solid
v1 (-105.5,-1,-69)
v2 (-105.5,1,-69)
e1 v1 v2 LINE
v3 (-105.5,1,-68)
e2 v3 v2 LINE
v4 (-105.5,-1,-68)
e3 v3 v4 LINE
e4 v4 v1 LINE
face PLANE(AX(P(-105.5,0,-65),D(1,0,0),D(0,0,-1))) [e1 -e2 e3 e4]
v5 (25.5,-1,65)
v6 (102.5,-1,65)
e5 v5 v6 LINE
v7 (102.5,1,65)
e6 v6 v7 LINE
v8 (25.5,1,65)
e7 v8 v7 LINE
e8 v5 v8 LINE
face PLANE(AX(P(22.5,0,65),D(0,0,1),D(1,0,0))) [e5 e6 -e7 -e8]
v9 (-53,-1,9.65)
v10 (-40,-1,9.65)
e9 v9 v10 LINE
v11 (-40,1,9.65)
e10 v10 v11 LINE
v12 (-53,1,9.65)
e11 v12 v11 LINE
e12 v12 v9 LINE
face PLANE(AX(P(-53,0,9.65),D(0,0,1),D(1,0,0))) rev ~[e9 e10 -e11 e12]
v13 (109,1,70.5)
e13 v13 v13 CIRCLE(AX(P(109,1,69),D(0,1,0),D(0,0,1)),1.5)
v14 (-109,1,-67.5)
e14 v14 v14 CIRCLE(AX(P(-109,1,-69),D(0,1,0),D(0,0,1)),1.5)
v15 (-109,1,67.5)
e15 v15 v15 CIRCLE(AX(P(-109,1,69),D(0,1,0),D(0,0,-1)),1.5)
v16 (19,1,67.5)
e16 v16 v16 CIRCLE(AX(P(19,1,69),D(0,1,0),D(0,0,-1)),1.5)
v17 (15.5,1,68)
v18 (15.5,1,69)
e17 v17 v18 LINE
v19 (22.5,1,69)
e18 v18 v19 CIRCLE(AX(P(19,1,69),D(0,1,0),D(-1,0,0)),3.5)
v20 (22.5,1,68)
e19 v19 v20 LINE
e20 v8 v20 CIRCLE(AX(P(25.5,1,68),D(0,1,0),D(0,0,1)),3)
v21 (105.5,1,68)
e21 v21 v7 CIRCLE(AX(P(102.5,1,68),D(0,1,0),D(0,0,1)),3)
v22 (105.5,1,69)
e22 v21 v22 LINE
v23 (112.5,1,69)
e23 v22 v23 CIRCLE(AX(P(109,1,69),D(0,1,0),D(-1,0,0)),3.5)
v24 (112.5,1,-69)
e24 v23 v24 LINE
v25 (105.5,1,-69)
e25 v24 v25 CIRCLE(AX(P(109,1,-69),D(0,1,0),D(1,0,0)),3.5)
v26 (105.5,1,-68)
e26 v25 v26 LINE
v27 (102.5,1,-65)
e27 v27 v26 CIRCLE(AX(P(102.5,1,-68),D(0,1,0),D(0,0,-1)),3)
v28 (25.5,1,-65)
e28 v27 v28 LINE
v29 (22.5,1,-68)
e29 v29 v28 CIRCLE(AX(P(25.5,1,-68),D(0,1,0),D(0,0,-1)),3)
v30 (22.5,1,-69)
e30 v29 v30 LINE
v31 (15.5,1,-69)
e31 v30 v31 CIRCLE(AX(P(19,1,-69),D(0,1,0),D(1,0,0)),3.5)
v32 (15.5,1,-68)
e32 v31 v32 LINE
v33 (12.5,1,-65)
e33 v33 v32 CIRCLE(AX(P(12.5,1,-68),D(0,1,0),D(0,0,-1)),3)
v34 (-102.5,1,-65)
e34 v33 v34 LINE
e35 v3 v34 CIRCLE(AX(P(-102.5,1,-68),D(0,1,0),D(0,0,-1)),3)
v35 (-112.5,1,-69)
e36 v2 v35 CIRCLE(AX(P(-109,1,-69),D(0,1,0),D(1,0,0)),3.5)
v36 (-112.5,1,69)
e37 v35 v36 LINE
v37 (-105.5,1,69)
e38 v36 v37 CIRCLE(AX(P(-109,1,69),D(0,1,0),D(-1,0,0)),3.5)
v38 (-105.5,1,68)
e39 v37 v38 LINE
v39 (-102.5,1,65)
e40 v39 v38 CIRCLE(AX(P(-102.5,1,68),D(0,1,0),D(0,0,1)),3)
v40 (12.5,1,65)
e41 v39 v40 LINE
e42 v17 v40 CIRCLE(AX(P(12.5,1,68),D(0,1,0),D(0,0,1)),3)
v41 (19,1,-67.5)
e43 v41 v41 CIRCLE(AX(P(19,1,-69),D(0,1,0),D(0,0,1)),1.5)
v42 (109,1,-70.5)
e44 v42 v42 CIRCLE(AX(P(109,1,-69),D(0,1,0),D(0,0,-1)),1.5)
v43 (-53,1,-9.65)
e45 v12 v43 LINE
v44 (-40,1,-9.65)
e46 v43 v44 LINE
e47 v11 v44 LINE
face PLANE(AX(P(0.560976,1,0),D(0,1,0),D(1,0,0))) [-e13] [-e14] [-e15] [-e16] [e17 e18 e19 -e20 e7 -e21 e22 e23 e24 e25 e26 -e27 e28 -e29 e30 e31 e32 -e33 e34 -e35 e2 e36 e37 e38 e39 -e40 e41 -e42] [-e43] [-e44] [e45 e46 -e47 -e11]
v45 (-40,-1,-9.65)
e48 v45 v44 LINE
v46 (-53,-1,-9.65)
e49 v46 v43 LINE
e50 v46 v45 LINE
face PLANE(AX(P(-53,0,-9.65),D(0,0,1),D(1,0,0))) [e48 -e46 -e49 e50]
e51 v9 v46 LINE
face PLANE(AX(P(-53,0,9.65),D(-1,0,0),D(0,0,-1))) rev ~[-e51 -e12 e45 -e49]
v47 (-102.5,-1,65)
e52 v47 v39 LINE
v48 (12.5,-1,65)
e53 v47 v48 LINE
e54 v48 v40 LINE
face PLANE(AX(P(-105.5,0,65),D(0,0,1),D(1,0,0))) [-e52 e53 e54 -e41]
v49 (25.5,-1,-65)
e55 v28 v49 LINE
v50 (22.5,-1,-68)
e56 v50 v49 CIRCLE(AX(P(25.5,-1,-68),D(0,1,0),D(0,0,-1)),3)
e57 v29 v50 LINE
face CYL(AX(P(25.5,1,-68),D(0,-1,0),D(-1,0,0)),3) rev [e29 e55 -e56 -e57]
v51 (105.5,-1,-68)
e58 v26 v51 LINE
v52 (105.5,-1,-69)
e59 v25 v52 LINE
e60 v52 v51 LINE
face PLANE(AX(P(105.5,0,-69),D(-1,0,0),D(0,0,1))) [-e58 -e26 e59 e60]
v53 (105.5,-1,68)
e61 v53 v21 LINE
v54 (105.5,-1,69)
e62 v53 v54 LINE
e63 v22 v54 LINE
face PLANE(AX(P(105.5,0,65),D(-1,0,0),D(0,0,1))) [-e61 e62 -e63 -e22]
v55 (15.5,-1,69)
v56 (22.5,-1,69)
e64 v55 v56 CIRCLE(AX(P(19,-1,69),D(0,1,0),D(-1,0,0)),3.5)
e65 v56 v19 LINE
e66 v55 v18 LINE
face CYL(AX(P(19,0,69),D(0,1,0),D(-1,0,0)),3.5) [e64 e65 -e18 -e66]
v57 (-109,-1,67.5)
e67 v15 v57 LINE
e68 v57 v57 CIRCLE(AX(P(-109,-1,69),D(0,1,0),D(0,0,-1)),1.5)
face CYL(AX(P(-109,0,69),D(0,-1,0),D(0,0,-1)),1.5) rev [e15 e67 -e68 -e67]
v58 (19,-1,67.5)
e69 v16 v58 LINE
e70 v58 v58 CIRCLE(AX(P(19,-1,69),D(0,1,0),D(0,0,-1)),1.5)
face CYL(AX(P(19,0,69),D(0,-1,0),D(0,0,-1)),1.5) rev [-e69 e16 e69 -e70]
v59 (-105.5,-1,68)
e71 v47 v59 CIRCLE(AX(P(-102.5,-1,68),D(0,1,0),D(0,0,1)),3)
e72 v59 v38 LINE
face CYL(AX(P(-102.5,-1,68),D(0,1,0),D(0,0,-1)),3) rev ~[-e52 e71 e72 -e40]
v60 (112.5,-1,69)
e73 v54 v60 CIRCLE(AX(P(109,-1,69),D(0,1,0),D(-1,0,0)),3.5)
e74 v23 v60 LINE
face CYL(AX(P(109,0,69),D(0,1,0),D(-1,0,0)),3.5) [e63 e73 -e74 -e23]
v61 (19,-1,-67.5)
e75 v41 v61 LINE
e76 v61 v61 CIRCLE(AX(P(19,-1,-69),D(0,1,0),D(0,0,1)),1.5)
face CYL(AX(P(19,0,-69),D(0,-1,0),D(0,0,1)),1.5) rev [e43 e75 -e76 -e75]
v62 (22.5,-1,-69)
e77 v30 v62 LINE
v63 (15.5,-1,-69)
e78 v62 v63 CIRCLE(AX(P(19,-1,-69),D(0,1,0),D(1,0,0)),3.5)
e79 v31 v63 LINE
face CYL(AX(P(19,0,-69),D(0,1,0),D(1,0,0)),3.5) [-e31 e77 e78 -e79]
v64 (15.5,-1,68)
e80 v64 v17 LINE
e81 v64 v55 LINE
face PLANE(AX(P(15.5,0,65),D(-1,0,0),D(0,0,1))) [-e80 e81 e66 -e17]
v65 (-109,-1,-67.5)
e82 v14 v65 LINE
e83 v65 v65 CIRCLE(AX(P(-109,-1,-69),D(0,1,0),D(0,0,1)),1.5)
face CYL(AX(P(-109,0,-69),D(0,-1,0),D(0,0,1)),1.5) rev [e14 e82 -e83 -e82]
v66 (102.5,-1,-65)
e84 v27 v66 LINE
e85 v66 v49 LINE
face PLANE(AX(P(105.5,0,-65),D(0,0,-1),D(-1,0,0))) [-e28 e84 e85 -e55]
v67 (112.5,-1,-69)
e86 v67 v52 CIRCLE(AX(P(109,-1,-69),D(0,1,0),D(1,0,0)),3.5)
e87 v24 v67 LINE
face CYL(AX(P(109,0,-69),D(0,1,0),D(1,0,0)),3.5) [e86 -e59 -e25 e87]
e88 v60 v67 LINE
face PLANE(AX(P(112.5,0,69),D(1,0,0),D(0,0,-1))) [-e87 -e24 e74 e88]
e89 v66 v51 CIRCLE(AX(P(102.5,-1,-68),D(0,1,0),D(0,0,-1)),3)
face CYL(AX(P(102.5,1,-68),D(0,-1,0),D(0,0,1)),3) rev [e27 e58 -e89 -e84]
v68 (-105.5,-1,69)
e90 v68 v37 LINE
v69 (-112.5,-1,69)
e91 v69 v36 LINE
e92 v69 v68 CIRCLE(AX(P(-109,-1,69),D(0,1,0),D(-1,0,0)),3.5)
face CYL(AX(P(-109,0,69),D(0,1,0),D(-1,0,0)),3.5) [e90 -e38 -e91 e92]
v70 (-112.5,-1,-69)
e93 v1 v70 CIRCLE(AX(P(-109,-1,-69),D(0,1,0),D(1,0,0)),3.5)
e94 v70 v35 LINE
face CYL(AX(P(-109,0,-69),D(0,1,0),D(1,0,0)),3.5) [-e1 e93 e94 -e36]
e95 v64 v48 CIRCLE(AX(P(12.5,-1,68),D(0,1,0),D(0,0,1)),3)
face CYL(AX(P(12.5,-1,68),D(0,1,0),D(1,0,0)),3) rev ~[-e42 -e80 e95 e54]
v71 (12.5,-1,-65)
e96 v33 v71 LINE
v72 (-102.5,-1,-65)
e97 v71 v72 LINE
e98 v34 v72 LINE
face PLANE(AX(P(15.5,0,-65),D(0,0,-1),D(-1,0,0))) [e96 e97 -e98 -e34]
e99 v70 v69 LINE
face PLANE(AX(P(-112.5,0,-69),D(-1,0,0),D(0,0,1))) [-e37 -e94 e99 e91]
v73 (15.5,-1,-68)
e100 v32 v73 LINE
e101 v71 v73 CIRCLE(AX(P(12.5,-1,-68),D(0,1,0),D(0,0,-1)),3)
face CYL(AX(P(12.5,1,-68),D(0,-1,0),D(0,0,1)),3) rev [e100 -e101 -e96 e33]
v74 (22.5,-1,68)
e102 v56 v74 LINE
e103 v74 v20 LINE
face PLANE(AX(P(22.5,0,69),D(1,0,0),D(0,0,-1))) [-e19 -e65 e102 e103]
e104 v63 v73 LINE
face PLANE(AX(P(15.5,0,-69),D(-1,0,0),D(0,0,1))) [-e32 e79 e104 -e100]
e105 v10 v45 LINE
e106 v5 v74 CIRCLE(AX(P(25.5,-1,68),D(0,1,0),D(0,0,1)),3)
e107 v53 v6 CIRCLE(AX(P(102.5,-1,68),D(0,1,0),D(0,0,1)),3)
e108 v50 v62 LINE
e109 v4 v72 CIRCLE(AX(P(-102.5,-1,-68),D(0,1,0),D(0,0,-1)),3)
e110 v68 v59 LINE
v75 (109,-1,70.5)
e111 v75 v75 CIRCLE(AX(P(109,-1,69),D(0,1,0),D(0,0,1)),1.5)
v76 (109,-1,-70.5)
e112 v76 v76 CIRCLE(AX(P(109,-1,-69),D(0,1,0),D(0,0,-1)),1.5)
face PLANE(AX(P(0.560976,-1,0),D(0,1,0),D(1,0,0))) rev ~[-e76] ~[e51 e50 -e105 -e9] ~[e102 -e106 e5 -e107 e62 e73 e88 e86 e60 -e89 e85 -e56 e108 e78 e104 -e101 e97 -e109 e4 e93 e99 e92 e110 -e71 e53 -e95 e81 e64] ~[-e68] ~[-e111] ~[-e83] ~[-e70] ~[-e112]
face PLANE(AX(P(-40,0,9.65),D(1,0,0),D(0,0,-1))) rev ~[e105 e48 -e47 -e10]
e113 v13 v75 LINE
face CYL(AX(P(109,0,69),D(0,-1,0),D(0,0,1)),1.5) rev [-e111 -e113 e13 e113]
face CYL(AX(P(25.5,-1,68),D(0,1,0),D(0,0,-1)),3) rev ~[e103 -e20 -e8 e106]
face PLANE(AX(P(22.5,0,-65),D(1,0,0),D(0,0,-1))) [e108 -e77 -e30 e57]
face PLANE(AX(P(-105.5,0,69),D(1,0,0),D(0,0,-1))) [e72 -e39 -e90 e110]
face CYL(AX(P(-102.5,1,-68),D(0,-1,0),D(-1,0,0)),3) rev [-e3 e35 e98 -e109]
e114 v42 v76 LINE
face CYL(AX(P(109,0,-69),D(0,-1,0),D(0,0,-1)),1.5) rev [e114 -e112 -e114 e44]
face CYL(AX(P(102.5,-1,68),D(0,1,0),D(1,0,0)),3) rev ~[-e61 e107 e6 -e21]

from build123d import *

# Parameters (mm, degrees)
SKETCH1_R           = 1.5
SKETCH1_W           = 13
SKETCH1_H           = 19.3
BOSS_EXTRUDE1_DEPTH = 1
FILLET1_R           = 3


with BuildPart() as part:
    # Sketch1 → Boss-Extrude1 (new, symmetric)
    with BuildSketch(Plane(origin=(0, 0, 0), x_dir=(1, 0, 0), z_dir=(0, 1, 0))):
        with BuildLine():
            Line((-105.5, 65), (-105.5, 69))
            ThreePointArc((-105.5, 69), (-109, 72.5), (-112.5, 69))
            Line((-112.5, 69), (-112.5, 65))
            Line((-112.5, 65), (-112.5, -65))
            Line((-112.5, -65), (-112.5, -69))
            ThreePointArc((-112.5, -69), (-109, -72.5), (-105.5, -69))
            Line((-105.5, -69), (-105.5, -65))
            Line((-105.5, -65), (15.5, -65))
            Line((15.5, -65), (15.5, -69))
            ThreePointArc((15.5, -69), (19, -72.5), (22.5, -69))
            Line((22.5, -69), (22.5, -65))
            Line((22.5, -65), (105.5, -65))
            Line((105.5, -65), (105.5, -69))
            ThreePointArc((105.5, -69), (109, -72.5), (112.5, -69))
            Line((112.5, -69), (112.5, -65))
            Line((112.5, -65), (112.5, 65))
            Line((112.5, 65), (112.5, 69))
            ThreePointArc((112.5, 69), (109, 72.5), (105.5, 69))
            Line((105.5, 69), (105.5, 65))
            Line((105.5, 65), (22.5, 65))
            Line((22.5, 65), (22.5, 69))
            ThreePointArc((22.5, 69), (19, 72.5), (15.5, 69))
            Line((15.5, 69), (15.5, 65))
            Line((15.5, 65), (-105.5, 65))
        make_face()
        with Locations(Location((-109, 69, 0), (0, 0, 270))):
            Circle(SKETCH1_R, mode=Mode.SUBTRACT)
        with Locations(Location((109, 69, 0), (0, 0, 90))):
            Circle(SKETCH1_R, mode=Mode.SUBTRACT)
        with Locations(Location((19, 69, 0), (0, 0, 270))):
            Circle(SKETCH1_R, mode=Mode.SUBTRACT)
        with Locations(Location((19, -69, 0), (0, 0, 90))):
            Circle(SKETCH1_R, mode=Mode.SUBTRACT)
        with Locations(Location((109, -69, 0), (0, 0, 270))):
            Circle(SKETCH1_R, mode=Mode.SUBTRACT)
        with Locations(Location((-109, -69, 0), (0, 0, 90))):
            Circle(SKETCH1_R, mode=Mode.SUBTRACT)
        with Locations((-46.5, 0)):
            Rectangle(SKETCH1_W, SKETCH1_H, mode=Mode.SUBTRACT)
    extrude(amount=BOSS_EXTRUDE1_DEPTH, both=True)

    # Fillet1
    fillet1_edges = [part.edges().sort_by_distance(p)[0] for p in [
        (-105.5, 0, -65),
        (15.5, 0, -65),
        (22.5, 0, -65),
        (105.5, 0, -65),
        (105.5, 0, 65),
        (22.5, 0, 65),
        (15.5, 0, 65),
        (-105.5, 0, 65),
    ]]
    fillet(fillet1_edges, radius=FILLET1_R)


solid = part.part
